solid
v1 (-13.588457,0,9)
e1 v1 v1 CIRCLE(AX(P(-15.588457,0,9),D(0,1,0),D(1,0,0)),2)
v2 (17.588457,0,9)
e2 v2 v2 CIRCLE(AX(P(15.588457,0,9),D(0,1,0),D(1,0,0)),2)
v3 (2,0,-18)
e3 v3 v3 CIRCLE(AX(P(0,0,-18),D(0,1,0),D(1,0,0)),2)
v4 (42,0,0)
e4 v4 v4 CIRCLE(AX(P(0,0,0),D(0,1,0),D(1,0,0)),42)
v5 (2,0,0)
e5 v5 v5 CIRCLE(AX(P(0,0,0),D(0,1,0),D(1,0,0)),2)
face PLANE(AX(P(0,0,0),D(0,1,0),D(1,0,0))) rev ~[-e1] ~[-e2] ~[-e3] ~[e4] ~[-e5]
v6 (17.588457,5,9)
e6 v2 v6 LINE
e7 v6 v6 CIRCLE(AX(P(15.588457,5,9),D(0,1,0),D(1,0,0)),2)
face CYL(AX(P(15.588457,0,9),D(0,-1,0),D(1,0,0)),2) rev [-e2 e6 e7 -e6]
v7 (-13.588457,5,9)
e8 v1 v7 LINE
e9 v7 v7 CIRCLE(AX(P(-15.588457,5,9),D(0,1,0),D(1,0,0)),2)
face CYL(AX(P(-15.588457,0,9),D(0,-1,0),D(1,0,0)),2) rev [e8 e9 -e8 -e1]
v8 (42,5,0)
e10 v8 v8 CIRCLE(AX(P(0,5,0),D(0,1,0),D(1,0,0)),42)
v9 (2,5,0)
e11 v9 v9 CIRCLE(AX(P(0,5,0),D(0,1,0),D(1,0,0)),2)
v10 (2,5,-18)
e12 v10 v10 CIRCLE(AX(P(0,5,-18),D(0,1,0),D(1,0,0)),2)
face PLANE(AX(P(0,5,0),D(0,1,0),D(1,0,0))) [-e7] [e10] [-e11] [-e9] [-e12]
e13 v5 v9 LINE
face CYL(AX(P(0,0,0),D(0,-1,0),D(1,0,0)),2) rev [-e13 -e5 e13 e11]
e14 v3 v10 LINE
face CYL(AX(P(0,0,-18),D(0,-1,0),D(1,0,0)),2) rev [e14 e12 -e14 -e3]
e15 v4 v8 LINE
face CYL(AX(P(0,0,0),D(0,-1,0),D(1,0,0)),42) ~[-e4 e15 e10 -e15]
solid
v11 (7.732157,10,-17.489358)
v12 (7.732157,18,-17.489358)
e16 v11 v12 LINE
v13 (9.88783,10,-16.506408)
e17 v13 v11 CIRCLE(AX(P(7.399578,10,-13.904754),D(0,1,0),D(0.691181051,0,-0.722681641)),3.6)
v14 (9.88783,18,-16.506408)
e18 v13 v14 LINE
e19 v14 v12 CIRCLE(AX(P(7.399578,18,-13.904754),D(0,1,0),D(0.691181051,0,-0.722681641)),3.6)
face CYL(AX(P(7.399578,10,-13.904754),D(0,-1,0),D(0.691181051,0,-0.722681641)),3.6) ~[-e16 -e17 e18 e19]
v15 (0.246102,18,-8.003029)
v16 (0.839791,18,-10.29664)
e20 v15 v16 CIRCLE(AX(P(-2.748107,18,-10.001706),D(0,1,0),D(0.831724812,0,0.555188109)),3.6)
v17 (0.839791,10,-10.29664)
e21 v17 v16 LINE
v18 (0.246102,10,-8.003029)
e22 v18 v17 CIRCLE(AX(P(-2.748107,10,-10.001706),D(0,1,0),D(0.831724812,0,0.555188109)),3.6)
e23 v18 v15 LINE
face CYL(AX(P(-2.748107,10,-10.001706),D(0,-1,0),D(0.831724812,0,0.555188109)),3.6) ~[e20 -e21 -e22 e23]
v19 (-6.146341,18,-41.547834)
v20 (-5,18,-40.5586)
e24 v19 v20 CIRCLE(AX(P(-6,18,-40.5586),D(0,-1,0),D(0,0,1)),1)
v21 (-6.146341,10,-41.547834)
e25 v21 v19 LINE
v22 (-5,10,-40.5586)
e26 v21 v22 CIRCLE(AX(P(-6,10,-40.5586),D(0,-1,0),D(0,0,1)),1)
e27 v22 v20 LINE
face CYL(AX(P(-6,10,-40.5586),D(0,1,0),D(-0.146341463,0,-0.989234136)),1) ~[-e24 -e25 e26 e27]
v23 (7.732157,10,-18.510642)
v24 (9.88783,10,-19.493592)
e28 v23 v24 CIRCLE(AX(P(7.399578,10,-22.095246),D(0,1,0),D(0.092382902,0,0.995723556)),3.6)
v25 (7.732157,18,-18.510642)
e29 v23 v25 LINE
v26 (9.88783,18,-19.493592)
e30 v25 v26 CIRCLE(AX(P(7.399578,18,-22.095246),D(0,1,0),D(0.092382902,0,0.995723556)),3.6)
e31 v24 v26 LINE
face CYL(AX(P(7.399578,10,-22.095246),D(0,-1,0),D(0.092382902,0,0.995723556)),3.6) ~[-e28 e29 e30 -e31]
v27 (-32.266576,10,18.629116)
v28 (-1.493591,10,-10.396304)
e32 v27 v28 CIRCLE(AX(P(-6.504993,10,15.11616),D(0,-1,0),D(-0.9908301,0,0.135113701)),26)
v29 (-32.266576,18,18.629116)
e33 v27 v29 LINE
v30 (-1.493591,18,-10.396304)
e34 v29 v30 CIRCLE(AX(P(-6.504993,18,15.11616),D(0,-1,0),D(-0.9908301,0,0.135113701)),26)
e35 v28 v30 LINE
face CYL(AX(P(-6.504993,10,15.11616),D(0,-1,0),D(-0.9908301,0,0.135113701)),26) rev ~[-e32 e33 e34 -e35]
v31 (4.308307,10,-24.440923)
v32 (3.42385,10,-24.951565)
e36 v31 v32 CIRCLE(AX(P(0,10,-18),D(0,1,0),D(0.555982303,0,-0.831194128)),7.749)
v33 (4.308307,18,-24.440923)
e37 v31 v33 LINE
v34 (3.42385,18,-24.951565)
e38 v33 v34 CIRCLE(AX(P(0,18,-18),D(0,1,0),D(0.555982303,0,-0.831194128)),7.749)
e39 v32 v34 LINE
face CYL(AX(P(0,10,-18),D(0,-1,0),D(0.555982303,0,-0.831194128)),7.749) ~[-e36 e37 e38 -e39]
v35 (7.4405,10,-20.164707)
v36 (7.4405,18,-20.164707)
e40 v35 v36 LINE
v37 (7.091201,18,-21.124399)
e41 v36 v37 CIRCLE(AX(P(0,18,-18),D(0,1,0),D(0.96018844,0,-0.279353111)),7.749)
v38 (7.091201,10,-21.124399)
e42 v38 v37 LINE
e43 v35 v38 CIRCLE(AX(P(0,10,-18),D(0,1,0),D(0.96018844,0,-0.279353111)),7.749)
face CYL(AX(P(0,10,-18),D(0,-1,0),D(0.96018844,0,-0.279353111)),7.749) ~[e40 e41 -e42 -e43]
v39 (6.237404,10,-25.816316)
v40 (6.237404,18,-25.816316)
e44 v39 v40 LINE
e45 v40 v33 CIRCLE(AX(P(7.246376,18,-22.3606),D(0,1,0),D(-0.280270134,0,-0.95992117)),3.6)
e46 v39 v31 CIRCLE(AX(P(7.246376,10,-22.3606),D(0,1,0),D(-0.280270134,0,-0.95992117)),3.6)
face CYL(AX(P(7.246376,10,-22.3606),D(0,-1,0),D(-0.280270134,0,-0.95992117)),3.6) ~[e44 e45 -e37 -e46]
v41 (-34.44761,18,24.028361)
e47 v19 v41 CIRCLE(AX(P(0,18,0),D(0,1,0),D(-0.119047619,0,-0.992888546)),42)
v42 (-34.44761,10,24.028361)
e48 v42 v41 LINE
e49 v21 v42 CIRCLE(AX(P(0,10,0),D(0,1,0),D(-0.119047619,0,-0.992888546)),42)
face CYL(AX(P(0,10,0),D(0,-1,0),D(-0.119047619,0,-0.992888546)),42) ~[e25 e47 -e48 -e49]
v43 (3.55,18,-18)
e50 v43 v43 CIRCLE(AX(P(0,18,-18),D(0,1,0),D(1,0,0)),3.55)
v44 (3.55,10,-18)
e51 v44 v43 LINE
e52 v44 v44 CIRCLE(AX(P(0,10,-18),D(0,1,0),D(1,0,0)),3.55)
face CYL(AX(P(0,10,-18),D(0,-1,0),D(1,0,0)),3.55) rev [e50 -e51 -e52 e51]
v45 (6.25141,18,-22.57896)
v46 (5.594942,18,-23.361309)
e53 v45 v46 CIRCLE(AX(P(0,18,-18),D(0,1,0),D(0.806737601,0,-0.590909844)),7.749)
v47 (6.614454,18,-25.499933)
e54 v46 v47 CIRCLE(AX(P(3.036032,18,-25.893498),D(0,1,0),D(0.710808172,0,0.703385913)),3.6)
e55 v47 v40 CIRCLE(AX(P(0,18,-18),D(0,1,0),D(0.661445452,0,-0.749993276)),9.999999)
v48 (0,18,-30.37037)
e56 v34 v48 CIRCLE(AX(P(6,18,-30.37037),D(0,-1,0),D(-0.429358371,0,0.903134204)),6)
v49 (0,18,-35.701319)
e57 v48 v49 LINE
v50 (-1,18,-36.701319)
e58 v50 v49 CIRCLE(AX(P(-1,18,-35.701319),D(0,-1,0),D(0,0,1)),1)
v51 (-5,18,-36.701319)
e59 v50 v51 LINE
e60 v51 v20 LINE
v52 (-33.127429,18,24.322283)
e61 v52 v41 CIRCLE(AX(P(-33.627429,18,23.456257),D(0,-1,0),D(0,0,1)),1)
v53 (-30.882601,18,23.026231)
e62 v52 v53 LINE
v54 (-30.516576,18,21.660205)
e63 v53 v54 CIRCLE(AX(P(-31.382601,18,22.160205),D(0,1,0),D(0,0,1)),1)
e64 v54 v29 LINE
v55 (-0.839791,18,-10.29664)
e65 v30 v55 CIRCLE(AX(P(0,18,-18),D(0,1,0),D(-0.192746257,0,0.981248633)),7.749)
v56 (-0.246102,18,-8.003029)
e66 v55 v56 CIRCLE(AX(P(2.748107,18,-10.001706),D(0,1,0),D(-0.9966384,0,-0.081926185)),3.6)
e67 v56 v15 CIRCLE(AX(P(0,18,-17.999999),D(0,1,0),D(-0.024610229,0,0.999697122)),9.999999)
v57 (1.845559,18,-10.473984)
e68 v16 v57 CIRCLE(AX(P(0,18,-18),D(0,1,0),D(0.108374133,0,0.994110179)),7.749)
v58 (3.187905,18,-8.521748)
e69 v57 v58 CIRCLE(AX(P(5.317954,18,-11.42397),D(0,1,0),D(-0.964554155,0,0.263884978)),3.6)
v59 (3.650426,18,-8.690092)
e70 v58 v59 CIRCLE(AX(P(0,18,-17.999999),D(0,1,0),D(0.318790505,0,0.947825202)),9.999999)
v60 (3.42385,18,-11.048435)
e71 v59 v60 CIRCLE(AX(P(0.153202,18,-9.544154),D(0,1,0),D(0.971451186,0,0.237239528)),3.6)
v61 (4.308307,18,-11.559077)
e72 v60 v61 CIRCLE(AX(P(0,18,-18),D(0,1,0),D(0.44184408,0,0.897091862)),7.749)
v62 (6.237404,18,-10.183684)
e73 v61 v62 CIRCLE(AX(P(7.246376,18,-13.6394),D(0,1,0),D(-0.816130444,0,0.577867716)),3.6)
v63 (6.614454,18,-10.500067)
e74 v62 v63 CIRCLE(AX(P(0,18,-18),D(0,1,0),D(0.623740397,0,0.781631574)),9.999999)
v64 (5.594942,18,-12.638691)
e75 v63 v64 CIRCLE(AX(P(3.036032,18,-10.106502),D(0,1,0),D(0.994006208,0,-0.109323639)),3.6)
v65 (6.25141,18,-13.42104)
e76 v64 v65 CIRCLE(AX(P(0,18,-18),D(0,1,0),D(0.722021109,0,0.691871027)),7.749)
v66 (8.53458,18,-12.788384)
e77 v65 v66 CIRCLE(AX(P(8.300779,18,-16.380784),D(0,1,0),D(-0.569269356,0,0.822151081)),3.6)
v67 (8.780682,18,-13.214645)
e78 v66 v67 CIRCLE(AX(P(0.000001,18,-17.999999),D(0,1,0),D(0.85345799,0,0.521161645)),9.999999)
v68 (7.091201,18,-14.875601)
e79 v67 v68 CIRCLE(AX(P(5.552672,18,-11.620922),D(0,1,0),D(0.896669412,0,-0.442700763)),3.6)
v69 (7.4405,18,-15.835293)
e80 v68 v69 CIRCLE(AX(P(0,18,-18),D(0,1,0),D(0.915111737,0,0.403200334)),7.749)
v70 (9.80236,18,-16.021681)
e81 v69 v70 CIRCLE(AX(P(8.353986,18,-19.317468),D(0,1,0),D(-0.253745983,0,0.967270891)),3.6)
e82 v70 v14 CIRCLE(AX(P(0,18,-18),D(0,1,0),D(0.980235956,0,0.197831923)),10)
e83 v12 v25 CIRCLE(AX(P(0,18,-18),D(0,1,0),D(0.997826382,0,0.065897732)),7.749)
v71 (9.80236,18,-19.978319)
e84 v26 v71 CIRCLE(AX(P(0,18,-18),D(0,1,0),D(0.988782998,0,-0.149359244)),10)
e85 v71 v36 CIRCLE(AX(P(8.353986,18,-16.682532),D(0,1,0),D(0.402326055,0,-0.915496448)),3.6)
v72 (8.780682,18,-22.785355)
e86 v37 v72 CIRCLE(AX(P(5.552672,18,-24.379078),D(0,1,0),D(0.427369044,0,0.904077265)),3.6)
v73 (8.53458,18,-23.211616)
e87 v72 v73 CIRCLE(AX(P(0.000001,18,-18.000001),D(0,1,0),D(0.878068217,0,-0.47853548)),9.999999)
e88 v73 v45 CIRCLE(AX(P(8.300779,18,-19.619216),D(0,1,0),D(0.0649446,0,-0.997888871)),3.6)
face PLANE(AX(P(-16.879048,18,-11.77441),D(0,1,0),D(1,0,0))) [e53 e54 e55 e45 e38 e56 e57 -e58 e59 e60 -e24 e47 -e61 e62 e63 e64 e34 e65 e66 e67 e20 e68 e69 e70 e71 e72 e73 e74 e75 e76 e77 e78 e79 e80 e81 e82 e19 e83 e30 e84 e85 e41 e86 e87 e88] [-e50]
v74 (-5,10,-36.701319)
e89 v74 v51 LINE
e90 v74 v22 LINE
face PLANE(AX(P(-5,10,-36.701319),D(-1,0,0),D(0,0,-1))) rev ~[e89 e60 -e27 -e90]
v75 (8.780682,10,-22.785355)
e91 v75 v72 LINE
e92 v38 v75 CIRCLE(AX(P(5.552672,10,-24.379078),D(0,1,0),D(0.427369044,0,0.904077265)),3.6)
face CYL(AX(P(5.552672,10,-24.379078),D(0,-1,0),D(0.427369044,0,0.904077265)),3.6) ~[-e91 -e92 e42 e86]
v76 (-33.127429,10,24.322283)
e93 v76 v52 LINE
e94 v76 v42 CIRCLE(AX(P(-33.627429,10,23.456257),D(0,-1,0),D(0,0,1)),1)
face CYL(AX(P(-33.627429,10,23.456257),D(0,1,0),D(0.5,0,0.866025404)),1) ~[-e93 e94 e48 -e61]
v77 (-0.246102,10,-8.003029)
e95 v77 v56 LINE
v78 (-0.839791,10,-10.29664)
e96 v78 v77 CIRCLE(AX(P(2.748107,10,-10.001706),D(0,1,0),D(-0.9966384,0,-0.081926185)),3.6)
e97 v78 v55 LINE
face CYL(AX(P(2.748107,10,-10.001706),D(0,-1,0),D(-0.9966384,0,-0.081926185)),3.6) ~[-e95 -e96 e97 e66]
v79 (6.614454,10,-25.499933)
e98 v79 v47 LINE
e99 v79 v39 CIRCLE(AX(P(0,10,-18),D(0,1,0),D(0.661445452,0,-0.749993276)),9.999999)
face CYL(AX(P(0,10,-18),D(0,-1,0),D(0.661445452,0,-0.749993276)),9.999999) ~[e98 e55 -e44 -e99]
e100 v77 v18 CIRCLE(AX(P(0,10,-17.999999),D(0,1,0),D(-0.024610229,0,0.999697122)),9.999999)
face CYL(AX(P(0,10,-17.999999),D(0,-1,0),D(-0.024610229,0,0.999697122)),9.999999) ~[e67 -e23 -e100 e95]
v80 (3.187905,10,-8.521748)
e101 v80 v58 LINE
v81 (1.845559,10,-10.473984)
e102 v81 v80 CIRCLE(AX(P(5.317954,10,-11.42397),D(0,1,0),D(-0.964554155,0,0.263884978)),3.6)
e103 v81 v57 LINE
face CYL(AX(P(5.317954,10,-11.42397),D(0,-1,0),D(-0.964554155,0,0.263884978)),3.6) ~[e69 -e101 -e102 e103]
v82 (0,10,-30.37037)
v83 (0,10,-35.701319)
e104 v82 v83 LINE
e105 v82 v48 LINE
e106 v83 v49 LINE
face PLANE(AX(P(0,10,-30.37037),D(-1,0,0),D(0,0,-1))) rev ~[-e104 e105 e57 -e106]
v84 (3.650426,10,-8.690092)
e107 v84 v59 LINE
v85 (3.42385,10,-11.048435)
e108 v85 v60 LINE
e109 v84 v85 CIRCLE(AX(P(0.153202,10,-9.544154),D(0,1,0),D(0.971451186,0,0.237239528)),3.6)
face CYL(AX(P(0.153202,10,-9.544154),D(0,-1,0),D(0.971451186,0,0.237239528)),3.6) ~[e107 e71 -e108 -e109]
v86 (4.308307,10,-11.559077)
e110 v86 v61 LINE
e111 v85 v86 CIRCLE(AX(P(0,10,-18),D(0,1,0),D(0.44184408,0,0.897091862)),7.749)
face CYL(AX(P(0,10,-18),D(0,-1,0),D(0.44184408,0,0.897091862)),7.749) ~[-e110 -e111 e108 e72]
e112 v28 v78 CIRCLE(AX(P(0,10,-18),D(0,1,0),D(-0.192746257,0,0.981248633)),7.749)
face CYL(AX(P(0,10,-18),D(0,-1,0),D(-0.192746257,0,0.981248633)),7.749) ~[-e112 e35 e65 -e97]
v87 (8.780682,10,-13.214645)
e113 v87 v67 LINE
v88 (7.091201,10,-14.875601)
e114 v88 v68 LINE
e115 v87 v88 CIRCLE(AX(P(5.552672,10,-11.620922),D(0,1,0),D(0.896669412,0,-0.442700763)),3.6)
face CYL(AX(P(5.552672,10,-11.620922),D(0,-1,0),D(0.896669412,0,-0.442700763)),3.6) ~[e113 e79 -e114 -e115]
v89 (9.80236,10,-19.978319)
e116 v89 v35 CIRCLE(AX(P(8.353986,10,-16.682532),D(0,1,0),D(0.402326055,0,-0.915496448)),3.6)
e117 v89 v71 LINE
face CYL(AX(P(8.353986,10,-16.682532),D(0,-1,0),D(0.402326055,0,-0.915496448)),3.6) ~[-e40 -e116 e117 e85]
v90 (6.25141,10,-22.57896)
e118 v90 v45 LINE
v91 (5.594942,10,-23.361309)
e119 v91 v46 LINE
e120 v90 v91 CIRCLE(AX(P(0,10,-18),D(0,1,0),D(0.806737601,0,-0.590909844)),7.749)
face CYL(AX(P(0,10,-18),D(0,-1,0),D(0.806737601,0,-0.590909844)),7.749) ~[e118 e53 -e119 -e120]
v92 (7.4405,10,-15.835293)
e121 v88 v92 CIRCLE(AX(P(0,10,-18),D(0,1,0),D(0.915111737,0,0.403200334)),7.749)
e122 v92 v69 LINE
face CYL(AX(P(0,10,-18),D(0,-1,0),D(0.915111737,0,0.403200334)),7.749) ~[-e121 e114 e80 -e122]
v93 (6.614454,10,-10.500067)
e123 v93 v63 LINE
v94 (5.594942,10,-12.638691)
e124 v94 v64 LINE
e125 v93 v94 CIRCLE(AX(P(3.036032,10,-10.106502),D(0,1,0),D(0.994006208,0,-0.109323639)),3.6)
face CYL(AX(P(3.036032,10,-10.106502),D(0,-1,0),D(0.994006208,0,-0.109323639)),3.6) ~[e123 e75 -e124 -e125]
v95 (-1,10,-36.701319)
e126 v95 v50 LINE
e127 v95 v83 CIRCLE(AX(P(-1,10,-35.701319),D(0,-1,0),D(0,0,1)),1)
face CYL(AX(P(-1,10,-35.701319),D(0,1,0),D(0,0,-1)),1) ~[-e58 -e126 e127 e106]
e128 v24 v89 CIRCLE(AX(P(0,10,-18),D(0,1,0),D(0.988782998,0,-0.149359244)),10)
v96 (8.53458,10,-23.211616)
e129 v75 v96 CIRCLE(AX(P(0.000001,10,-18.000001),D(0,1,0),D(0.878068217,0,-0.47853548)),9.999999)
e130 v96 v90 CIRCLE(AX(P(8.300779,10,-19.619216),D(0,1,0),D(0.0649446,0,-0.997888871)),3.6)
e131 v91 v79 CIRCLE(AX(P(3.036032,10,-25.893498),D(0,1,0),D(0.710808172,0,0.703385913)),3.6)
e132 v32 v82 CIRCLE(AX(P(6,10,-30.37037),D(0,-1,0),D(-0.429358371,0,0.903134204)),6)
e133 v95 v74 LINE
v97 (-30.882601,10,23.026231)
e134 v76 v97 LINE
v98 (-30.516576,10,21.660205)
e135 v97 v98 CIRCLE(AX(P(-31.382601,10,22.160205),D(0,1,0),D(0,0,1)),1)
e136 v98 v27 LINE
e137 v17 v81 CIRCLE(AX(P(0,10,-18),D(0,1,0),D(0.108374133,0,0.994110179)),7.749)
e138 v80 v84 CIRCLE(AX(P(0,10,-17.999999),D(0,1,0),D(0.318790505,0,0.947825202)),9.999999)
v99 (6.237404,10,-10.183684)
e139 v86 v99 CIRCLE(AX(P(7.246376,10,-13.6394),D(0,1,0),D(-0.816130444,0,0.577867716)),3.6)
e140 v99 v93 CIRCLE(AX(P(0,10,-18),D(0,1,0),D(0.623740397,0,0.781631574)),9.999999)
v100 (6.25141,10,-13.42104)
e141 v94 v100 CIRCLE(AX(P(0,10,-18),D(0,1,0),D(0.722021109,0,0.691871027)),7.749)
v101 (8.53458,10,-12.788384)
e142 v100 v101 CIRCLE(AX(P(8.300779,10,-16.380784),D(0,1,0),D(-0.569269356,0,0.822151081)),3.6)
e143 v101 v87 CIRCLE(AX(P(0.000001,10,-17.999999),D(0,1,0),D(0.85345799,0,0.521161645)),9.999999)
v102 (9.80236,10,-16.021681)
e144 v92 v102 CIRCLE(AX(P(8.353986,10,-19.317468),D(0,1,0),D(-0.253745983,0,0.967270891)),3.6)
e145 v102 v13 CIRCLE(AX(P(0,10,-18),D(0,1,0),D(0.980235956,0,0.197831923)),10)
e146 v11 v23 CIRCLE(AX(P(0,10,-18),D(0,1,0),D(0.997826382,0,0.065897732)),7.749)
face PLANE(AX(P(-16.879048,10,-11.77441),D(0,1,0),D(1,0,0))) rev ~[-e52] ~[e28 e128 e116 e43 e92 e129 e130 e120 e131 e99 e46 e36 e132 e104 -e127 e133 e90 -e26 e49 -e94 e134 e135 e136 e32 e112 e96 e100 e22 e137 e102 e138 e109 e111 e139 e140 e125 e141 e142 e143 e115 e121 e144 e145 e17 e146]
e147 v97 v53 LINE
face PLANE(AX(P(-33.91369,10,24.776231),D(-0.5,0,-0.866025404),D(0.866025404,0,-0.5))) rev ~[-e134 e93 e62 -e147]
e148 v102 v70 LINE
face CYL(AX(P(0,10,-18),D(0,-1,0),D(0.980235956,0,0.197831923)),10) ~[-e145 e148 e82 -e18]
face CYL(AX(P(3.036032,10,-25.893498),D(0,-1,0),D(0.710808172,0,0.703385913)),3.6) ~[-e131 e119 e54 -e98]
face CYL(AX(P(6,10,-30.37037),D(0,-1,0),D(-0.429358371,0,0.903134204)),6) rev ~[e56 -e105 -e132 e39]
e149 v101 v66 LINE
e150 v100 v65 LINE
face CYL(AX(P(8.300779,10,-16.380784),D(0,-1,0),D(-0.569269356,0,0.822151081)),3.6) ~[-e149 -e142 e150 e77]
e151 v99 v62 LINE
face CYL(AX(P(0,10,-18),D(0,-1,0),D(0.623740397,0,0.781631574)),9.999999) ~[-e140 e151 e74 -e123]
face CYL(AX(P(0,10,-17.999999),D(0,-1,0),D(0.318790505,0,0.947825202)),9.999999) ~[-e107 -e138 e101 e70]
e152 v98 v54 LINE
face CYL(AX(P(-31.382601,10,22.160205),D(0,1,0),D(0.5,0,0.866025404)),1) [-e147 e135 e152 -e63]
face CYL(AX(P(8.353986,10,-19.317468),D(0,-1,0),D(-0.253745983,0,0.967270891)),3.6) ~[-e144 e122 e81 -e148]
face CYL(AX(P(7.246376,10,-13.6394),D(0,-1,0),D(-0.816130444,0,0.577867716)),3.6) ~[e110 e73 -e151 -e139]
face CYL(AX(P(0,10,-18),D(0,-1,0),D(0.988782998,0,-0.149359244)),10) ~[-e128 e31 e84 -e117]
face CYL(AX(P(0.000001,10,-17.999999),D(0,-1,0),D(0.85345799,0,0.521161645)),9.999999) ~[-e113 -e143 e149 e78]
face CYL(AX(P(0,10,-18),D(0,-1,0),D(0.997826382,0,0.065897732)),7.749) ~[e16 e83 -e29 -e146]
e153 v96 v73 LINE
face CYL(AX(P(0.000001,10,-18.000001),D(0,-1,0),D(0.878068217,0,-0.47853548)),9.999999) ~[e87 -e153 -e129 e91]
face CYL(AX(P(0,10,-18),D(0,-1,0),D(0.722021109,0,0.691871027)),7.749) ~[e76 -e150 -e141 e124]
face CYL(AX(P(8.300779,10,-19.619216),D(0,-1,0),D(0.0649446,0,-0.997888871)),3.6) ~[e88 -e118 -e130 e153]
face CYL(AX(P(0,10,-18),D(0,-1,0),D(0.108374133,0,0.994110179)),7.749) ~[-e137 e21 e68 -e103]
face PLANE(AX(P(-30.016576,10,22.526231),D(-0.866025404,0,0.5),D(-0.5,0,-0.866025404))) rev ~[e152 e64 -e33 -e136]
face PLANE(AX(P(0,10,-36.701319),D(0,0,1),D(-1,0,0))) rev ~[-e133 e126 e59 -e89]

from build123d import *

# Parameters (mm, degrees)
SKETCH2_R           = 42
SKETCH2_R_2         = 2
BOSS_EXTRUDE1_DEPTH = 5
BOSS_EXTRUDE2_START = 5
SKETCH6_R           = 3.55
BOSS_EXTRUDE2_DEPTH = 8
FILLET1_R           = 1


with BuildPart() as part:
    # Sketch2 → Boss-Extrude1 (new body)
    with BuildSketch(Plane(origin=(0, 0, 0), x_dir=(1, 0, 0), z_dir=(0, 1, 0))):
        Circle(SKETCH2_R)
        Circle(SKETCH2_R_2, mode=Mode.SUBTRACT)
        with Locations((0, 18)):
            Circle(SKETCH2_R_2, mode=Mode.SUBTRACT)
        with Locations((15.588457268, -9)):
            Circle(SKETCH2_R_2, mode=Mode.SUBTRACT)
        with Locations((-15.588457268, -9)):
            Circle(SKETCH2_R_2, mode=Mode.SUBTRACT)
    extrude(amount=BOSS_EXTRUDE1_DEPTH)


with BuildPart() as body_2:
    # Sketch6 → Boss-Extrude2 (new body)
    with BuildSketch(Plane(origin=(0, 5, 0), x_dir=(1, 0, 0), z_dir=(0, 1, 0)).offset(BOSS_EXTRUDE2_START)):
        with BuildLine():
            Line((-33.913690354, -24.776230678), (-30.016576037, -22.526230678))
            Line((-30.016576037, -22.526230678), (-32.266576037, -18.629116361))
            ThreePointArc((-32.266576037, -18.629116361), (-24.344871608, 3.797822705), (-1.493590746, 10.39630434))
            ThreePointArc((-1.493590746, 10.39630434), (-1.167754691, 10.339494143), (-0.839791165, 10.296640227))
            ThreePointArc((-0.839791165, 10.296640227), (-0.737032575, 9.099596424), (-0.246102251, 8.003028775))
            ThreePointArc((-0.246102251, 8.003028775), (0, 8), (0.246102251, 8.003028775))
            ThreePointArc((0.246102251, 8.003028775), (0.737032575, 9.099596424), (0.839791165, 10.296640227))
            ThreePointArc((0.839791165, 10.296640227), (1.345599729, 10.368724722), (1.845558653, 10.473984171))
            ThreePointArc((1.845558653, 10.473984171), (2.351533235, 9.384276451), (3.187905062, 8.521747982))
            ThreePointArc((3.187905062, 8.521747982), (3.420201433, 8.603073792), (3.650426001, 8.690091837))
            ThreePointArc((3.650426001, 8.690091837), (3.736701378, 9.888436425), (3.423849775, 11.04843516))
            ThreePointArc((3.423849775, 11.04843516), (3.8745, 11.289169146), (4.30830686, 11.559076697))
            ThreePointArc((4.30830686, 11.559076697), (5.156469432, 10.708139892), (6.237403976, 10.183684267))
            ThreePointArc((6.237403976, 10.183684267), (6.427876097, 10.339555569), (6.6144545, 10.500067223))
            ThreePointArc((6.6144545, 10.500067223), (6.285668848, 11.655650706), (5.594941571, 12.638691408))
            ThreePointArc((5.594941571, 12.638691408), (5.93607839, 13.019038813), (6.251409676, 13.42103963))
            ThreePointArc((6.251409676, 13.42103963), (7.339459313, 12.911509279), (8.534579916, 12.788383586))
            ThreePointArc((8.534579916, 12.788383586), (8.660254038, 13), (8.780682168, 13.214645189))
            ThreePointArc((8.780682168, 13.214645189), (8.076491888, 14.188087145), (7.091200841, 14.875600596))
            ThreePointArc((7.091200841, 14.875600596), (7.281678118, 15.349685909), (7.440500224, 15.835292763))
            ThreePointArc((7.440500224, 15.835292763), (8.637202083, 15.728625745), (9.802359562, 16.021680759))
            ThreePointArc((9.802359562, 16.021680759), (9.84807753, 16.263518223), (9.887829977, 16.50640757))
            ThreePointArc((9.887829977, 16.50640757), (8.89317081, 17.180296532), (7.732156635, 17.489358464))
            ThreePointArc((7.732156635, 17.489358464), (7.749, 18), (7.732156635, 18.510641536))
            ThreePointArc((7.732156635, 18.510641536), (8.89317081, 18.819703468), (9.887829977, 19.49359243))
            ThreePointArc((9.887829977, 19.49359243), (9.84807753, 19.736481777), (9.802359562, 19.978319241))
            ThreePointArc((9.802359562, 19.978319241), (8.637202083, 20.271374255), (7.440500224, 20.164707237))
            ThreePointArc((7.440500224, 20.164707237), (7.281678118, 20.650314091), (7.091200841, 21.124399404))
            ThreePointArc((7.091200841, 21.124399404), (8.076491888, 21.811912855), (8.780682168, 22.785354811))
            ThreePointArc((8.780682168, 22.785354811), (8.660254038, 23), (8.534579916, 23.211616414))
            ThreePointArc((8.534579916, 23.211616414), (7.339459313, 23.088490721), (6.251409676, 22.57896037))
            ThreePointArc((6.251409676, 22.57896037), (5.93607839, 22.980961187), (5.594941571, 23.361308592))
            ThreePointArc((5.594941571, 23.361308592), (6.285668848, 24.344349294), (6.6144545, 25.499932777))
            ThreePointArc((6.6144545, 25.499932777), (6.427876097, 25.660444431), (6.237403976, 25.816315733))
            ThreePointArc((6.237403976, 25.816315733), (5.156469432, 25.291860108), (4.30830686, 24.440923303))
            ThreePointArc((4.30830686, 24.440923303), (3.8745, 24.710830854), (3.423849775, 24.95156484))
            ThreePointArc((3.423849775, 24.95156484), (0.92767798, 27.165444269), (0, 30.37037006))
            Line((0, 30.37037006), (0, 36.701318924))
            Line((0, 36.701318924), (-5, 36.701318924))
            Line((-5, 36.701318924), (-5, 41.701318924))
            ThreePointArc((-5, 41.701318924), (-38.514737108, 16.751567852), (-33.913690354, -24.776230678))
        make_face()
        with Locations((0, 18)):
            Circle(SKETCH6_R, mode=Mode.SUBTRACT)
    extrude(amount=BOSS_EXTRUDE2_DEPTH)

    # Fillet1
    fillet1_edges = [body_2.edges().sort_by_distance(p)[0] for p in [
        (-30.016576037, 14, 22.526230678),
        (-33.913690354, 14, 24.776230678),
        (-5, 14, -41.701318924),
        (0, 14, -36.701318924),
    ]]
    fillet(fillet1_edges, radius=FILLET1_R)


solid = Compound([part.part, body_2.part])
